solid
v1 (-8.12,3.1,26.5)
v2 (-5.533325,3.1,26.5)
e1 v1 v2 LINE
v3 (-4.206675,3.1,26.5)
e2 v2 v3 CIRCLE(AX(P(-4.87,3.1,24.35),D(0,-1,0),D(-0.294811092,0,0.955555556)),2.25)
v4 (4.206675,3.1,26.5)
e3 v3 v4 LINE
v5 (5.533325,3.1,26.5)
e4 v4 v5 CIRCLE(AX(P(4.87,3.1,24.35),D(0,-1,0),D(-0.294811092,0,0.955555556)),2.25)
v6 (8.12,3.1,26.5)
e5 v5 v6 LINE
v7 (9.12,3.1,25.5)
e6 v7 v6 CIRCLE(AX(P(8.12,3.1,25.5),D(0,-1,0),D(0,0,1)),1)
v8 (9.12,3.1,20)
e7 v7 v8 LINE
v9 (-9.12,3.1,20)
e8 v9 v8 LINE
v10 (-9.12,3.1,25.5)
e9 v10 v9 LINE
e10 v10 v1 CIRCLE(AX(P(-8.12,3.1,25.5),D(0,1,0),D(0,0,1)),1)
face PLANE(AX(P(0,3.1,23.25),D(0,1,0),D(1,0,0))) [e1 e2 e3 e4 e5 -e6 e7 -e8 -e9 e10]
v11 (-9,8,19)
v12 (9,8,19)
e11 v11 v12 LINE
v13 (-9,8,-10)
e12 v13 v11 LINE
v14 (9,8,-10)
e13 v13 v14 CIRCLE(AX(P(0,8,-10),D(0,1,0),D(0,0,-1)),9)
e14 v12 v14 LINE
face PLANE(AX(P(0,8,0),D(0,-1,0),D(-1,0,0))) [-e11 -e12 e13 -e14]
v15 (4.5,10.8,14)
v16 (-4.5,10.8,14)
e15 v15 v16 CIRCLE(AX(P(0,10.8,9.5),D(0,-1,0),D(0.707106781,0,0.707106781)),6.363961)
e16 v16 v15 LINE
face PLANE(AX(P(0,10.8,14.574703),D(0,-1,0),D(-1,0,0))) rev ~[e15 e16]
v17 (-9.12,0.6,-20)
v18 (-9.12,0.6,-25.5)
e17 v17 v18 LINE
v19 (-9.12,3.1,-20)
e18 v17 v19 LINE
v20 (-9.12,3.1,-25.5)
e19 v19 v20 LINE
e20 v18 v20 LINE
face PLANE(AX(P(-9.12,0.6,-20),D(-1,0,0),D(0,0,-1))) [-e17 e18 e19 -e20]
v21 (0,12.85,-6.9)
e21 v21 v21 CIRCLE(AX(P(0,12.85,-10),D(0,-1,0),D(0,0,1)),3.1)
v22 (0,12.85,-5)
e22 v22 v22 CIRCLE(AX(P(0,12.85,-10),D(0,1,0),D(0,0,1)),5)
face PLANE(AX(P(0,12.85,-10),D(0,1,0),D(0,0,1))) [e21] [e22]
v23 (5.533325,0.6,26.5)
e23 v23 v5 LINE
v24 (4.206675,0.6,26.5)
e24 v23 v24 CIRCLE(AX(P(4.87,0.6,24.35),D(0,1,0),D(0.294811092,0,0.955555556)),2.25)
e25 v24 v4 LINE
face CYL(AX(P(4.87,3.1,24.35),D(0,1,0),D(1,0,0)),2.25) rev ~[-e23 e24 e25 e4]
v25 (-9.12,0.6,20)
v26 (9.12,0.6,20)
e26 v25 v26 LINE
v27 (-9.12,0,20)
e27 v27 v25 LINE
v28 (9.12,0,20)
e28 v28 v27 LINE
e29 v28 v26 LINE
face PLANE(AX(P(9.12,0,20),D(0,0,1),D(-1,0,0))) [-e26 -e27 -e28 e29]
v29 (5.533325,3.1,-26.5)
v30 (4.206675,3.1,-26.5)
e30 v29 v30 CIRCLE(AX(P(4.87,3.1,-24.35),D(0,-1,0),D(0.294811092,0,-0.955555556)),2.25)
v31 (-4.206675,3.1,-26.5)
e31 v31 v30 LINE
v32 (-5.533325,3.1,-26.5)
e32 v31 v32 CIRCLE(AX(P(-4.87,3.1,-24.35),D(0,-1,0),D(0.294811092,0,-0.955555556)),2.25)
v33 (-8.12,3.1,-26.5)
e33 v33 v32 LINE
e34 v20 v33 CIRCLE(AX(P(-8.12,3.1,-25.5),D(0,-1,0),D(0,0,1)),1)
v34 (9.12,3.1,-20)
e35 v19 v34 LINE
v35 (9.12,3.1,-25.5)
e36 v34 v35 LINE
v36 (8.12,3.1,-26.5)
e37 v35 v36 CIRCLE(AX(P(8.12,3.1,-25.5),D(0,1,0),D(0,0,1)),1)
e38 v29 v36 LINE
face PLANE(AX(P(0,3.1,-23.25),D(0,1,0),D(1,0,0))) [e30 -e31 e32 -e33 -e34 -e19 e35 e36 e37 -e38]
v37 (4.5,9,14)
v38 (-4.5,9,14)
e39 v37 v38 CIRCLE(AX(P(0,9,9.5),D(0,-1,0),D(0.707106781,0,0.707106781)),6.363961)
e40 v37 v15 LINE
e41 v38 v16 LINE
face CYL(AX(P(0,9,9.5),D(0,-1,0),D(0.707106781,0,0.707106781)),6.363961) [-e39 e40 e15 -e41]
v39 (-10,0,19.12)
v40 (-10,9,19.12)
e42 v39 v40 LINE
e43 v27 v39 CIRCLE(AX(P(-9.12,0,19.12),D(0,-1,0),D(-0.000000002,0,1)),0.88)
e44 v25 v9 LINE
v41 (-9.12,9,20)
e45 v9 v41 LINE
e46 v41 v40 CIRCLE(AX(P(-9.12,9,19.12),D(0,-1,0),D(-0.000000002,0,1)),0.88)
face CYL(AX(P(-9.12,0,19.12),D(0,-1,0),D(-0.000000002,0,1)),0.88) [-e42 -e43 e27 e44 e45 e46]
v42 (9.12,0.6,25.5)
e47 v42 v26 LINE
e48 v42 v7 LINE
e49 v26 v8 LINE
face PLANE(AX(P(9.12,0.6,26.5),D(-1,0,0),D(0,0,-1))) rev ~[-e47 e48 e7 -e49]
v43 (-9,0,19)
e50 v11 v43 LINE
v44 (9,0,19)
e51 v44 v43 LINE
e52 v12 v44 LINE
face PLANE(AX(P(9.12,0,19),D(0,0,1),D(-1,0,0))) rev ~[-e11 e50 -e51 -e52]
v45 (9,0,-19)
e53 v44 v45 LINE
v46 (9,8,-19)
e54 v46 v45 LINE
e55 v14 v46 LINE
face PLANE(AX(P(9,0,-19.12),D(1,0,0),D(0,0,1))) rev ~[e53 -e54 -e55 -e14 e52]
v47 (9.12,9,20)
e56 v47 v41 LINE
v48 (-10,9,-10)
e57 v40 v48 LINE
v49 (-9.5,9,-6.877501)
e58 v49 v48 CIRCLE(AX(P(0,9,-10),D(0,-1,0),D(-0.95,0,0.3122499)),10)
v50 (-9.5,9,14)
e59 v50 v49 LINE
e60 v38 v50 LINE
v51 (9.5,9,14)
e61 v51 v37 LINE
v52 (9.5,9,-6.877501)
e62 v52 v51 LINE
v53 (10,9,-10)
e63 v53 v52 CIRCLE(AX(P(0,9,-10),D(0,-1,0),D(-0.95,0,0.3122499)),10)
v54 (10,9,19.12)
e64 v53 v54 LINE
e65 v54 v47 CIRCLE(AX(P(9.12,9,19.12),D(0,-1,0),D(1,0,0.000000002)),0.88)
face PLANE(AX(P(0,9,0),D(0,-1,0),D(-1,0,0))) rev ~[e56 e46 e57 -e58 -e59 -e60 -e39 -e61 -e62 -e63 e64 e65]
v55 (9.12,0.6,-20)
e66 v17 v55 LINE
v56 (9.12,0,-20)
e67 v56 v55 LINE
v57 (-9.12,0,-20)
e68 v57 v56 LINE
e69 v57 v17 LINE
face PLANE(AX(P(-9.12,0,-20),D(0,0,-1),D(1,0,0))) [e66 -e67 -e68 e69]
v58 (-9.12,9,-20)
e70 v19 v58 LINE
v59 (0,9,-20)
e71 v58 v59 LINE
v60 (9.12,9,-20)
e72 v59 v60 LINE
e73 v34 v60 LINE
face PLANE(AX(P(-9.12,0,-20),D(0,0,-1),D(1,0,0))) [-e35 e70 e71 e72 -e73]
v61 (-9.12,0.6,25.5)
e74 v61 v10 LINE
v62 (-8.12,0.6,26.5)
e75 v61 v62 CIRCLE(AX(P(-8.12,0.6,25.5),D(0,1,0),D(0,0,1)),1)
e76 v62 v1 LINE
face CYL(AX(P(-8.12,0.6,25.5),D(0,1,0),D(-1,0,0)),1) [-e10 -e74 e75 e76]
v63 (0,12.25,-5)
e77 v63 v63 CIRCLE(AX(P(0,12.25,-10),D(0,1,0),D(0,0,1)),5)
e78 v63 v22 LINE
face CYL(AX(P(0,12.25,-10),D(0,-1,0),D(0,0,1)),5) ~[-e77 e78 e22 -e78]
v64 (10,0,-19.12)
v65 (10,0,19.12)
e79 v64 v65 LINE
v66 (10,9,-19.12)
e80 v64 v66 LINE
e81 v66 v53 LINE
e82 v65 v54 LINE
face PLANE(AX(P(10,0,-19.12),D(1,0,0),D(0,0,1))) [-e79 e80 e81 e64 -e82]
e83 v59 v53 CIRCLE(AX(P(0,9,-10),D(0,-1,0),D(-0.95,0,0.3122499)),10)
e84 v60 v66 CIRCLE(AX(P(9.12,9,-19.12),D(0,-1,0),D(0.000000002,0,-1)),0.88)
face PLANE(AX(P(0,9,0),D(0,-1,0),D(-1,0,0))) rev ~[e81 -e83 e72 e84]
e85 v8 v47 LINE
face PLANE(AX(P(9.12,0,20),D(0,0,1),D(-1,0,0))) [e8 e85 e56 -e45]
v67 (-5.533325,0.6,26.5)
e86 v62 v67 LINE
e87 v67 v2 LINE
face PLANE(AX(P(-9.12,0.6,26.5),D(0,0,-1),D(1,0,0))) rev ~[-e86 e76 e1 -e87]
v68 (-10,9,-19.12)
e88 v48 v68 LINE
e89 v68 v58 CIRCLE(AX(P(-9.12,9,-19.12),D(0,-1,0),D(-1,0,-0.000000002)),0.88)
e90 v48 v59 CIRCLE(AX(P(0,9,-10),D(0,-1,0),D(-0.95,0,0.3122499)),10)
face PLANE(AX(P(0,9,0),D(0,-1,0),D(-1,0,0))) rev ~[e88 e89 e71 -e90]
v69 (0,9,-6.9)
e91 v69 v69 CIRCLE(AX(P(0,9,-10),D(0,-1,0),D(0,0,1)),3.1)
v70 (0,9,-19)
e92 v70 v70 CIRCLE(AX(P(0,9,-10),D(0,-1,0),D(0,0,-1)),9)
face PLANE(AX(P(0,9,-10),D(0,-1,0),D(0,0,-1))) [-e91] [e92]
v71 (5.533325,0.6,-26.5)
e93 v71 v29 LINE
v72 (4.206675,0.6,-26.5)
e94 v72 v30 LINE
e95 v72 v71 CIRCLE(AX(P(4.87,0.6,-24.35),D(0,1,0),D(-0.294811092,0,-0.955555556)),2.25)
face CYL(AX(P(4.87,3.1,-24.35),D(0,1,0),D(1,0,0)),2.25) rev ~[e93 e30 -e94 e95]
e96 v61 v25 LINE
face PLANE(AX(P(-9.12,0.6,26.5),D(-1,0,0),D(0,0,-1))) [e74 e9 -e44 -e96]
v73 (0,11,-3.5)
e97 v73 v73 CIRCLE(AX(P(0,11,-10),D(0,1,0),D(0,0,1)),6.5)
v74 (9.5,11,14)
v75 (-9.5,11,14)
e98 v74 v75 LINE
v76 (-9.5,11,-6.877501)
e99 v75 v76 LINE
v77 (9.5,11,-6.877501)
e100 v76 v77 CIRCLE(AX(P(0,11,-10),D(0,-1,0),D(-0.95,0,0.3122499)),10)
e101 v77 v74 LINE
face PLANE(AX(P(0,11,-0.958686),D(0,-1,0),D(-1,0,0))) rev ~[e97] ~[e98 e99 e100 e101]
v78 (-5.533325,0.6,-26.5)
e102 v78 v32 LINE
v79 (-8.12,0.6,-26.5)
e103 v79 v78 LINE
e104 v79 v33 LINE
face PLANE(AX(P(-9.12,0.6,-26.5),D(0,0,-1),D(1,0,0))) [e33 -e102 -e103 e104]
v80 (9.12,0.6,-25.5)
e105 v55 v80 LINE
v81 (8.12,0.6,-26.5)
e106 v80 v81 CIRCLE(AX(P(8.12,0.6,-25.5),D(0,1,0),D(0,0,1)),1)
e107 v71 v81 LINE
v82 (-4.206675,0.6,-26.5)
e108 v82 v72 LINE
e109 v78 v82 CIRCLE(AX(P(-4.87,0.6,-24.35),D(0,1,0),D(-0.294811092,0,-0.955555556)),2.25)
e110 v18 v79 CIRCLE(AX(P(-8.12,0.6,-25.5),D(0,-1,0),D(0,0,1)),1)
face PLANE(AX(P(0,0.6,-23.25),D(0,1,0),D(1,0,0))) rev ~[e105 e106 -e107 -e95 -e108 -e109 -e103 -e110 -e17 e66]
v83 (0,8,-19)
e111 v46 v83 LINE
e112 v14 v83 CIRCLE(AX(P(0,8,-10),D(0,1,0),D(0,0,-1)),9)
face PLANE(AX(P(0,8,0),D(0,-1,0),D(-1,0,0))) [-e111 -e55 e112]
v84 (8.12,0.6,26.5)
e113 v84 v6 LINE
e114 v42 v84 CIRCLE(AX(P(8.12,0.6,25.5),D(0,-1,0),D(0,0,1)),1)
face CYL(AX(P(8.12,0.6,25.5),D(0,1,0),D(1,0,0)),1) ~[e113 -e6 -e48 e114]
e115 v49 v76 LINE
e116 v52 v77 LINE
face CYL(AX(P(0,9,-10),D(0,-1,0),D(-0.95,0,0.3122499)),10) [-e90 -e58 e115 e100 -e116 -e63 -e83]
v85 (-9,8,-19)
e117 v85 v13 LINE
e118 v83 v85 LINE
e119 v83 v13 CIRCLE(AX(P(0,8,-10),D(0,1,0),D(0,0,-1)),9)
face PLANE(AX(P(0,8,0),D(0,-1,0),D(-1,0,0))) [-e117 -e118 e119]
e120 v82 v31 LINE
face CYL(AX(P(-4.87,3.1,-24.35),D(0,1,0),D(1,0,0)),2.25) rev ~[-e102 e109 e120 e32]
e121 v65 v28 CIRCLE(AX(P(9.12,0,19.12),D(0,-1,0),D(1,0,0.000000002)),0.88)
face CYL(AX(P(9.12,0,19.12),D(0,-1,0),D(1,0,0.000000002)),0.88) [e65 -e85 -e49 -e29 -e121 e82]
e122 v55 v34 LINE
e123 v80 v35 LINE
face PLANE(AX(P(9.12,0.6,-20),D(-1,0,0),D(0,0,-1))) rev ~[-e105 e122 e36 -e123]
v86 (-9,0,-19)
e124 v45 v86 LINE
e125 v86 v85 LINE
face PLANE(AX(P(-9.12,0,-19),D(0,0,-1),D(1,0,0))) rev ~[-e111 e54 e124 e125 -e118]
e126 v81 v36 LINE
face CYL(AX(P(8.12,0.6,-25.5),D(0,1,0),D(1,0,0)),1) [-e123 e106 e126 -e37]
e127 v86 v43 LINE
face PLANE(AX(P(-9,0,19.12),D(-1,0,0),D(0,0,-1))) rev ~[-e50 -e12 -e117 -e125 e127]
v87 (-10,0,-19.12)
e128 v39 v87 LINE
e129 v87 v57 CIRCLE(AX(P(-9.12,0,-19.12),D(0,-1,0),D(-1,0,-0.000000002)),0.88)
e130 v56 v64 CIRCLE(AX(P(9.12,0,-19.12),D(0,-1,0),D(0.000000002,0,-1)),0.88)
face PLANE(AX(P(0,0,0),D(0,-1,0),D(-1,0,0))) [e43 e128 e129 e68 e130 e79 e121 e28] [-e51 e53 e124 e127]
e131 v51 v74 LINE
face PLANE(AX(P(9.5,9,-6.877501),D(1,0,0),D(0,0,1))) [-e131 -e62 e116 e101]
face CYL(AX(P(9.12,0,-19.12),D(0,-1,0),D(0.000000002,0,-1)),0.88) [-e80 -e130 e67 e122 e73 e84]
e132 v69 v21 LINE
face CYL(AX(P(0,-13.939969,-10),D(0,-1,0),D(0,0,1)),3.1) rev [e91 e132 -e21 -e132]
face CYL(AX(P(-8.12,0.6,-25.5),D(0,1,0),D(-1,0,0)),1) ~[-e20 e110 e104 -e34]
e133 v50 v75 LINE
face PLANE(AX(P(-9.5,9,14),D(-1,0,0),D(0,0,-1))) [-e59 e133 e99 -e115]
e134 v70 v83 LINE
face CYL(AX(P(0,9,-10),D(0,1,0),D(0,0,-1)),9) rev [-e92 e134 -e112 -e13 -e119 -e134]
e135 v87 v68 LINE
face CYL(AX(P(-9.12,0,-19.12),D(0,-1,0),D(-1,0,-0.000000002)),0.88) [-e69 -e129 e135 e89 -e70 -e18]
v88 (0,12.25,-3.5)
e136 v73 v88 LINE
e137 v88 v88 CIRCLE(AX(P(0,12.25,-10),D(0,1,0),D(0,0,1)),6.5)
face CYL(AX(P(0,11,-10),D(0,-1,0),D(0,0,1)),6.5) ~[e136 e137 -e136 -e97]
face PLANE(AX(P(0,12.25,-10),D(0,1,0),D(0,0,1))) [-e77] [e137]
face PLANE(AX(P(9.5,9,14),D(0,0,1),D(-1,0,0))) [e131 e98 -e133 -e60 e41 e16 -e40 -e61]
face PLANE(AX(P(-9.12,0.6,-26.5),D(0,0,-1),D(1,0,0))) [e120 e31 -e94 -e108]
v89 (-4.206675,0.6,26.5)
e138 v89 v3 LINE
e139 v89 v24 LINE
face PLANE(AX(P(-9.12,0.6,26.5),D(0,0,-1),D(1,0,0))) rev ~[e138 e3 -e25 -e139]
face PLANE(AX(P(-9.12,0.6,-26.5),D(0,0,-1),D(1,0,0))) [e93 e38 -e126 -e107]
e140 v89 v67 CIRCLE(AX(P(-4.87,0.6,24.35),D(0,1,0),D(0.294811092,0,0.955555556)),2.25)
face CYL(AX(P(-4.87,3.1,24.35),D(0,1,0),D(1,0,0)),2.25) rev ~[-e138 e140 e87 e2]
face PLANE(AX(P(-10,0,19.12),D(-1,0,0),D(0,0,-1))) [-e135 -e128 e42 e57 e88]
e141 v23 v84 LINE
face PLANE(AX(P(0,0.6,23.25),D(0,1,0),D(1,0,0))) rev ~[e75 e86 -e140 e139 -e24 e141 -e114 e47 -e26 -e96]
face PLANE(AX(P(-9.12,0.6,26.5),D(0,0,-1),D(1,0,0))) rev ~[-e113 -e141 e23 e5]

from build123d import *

# Parameters (mm, degrees)
BOSS_EXTRUDE1_DEPTH     = 9
SHELL1_T                = -1
BOSS_EXTRUDE2_DEPTH     = 2
SKETCH3_R               = 6.5
BOSS_EXTRUDE3_DEPTH     = 1.25
SKETCH4_R               = 5
BOSS_EXTRUDE4_DEPTH     = 0.6
CUT_EXTRUDE1_DEPTH      = 26.78996898
CUT_EXTRUDE1_DEPTH_BACK = 26.78996898
SKETCH5_R               = 3.1
BOSS_EXTRUDE5_DEPTH     = 1.8
SKETCH7_W               = 18.24
SKETCH7_H               = 6.5
BOSS_EXTRUDE6_DEPTH     = 2.5
CUT_EXTRUDE2_REACH      = 31.955
SKETCH8_R               = 2.25
FILLET2_R               = 1
CUT_EXTRUDE3_DEPTH      = 30.432125306
CUT_EXTRUDE3_DEPTH_BACK = 1
SKETCH9_R               = 9


with BuildPart() as part:
    # Sketch1 → Boss-Extrude1 (new body)
    with BuildSketch(Plane(origin=(0, 0, 0), x_dir=(1, 0, 0), z_dir=(0, 1, 0))):
        with BuildLine():
            Line((-9.12, 20), (9.12, 20))
            ThreePointArc((9.12, 20), (9.742253967, 19.742253967), (10, 19.12))
            Line((10, 19.12), (10, -19.12))
            ThreePointArc((10, -19.12), (9.742253967, -19.742253967), (9.12, -20))
            Line((9.12, -20), (-9.12, -20))
            ThreePointArc((-9.12, -20), (-9.742253967, -19.742253967), (-10, -19.12))
            Line((-10, -19.12), (-10, 19.12))
            ThreePointArc((-10, 19.12), (-9.742253967, 19.742253967), (-9.12, 20))
        make_face()
    extrude(amount=BOSS_EXTRUDE1_DEPTH)

    # Shell1
    shell1_openings = [part.faces().sort_by_distance(p)[0] for p in [
        (0, 0, 0),
    ]]
    offset(amount=SHELL1_T, openings=shell1_openings, kind=Kind.INTERSECTION)

    # Sketch2 → Boss-Extrude2 (add)
    with BuildSketch(Plane(origin=(0, 9, 0), x_dir=(1, 0, 0), z_dir=(0, 1, 0))):
        with BuildLine():
            Line((9.5, -14), (-9.5, -14))
            Line((-9.5, -14), (-9.5, 6.877501001))
            ThreePointArc((-9.5, 6.877501001), (0, 20), (9.5, 6.877501001))
            Line((9.5, 6.877501001), (9.5, -14))
        make_face()
    extrude(amount=BOSS_EXTRUDE2_DEPTH)

    # Sketch3 → Boss-Extrude3 (add)
    with BuildSketch(Plane(origin=(0, 11, 0), x_dir=(1, 0, 0), z_dir=(0, 1, 0))):
        with Locations(Location((0, 10, 0), (0, 0, 270))):
            Circle(SKETCH3_R)
    extrude(amount=BOSS_EXTRUDE3_DEPTH)

    # Sketch4 → Boss-Extrude4 (add)
    with BuildSketch(Plane(origin=(0, 12.25, 0), x_dir=(1, 0, 0), z_dir=(0, 1, 0))):
        with Locations(Location((0, 10, 0), (0, 0, 270))):
            Circle(SKETCH4_R)
    extrude(amount=BOSS_EXTRUDE4_DEPTH)

    # Sketch5 → Cut-Extrude1 (cut, two sides: drawn at the far end of the back side and taken through both)
    with BuildSketch(Plane(origin=(0, 12.85, 0), x_dir=(1, 0, 0), z_dir=(0, 1, 0)).offset(-CUT_EXTRUDE1_DEPTH_BACK)):
        with Locations(Location((0, 10, 0), (0, 0, 270))):
            Circle(SKETCH5_R)
    extrude(amount=CUT_EXTRUDE1_DEPTH + CUT_EXTRUDE1_DEPTH_BACK, mode=Mode.SUBTRACT)

    # Sketch6 → Boss-Extrude5 (add)
    with BuildSketch(Plane(origin=(0, 9, 0), x_dir=(1, 0, 0), z_dir=(0, 1, 0))):
        with BuildLine():
            Line((-4.5, -14), (4.5, -14))
            ThreePointArc((4.5, -14), (0, -15.863961031), (-4.5, -14))
        make_face()
    extrude(amount=BOSS_EXTRUDE5_DEPTH)

    # Sketch7 → Boss-Extrude6 (add)
    with BuildSketch(Plane(origin=(0, 0.6, 0), x_dir=(1, 0, 0), z_dir=(0, 1, 0))):
        with Locations((0, 23.25)):
            Rectangle(SKETCH7_W, SKETCH7_H)
        with Locations((0, -23.25)):
            Rectangle(SKETCH7_W, SKETCH7_H)
    extrude(amount=BOSS_EXTRUDE6_DEPTH)

    # Sketch8 → Cut-Extrude2 (cut, up to next)
    with BuildSketch(Plane(origin=(0, 3.1, 0), x_dir=(1, 0, 0), z_dir=(0, 1, 0)), mode=Mode.PRIVATE) as cut_extrude2_sk1:
        with Locations((-4.87, 24.35)):
            Circle(SKETCH8_R)
    cut_extrude2_tool1 = extrude(cut_extrude2_sk1.sketch, amount=-CUT_EXTRUDE2_REACH, mode=Mode.PRIVATE) & part.part
    # Sketch8 → Cut-Extrude2 (cut, up to next)
    with BuildSketch(Plane(origin=(0, 3.1, 0), x_dir=(1, 0, 0), z_dir=(0, 1, 0)), mode=Mode.PRIVATE) as cut_extrude2_sk2:
        with Locations((4.87, 24.35)):
            Circle(SKETCH8_R)
    cut_extrude2_tool2 = extrude(cut_extrude2_sk2.sketch, amount=-CUT_EXTRUDE2_REACH, mode=Mode.PRIVATE) & part.part
    # Sketch8 → Cut-Extrude2 (cut, up to next)
    with BuildSketch(Plane(origin=(0, 3.1, 0), x_dir=(1, 0, 0), z_dir=(0, 1, 0)), mode=Mode.PRIVATE) as cut_extrude2_sk3:
        with Locations((-4.87, -24.35)):
            Circle(SKETCH8_R)
    cut_extrude2_tool3 = extrude(cut_extrude2_sk3.sketch, amount=-CUT_EXTRUDE2_REACH, mode=Mode.PRIVATE) & part.part
    # Sketch8 → Cut-Extrude2 (cut, up to next)
    with BuildSketch(Plane(origin=(0, 3.1, 0), x_dir=(1, 0, 0), z_dir=(0, 1, 0)), mode=Mode.PRIVATE) as cut_extrude2_sk4:
        with Locations((4.87, -24.35)):
            Circle(SKETCH8_R)
    cut_extrude2_tool4 = extrude(cut_extrude2_sk4.sketch, amount=-CUT_EXTRUDE2_REACH, mode=Mode.PRIVATE) & part.part
    add(cut_extrude2_tool1.solids().sort_by_distance((-4.87, 3.1, -24.35))[0], mode=Mode.SUBTRACT)
    add(cut_extrude2_tool2.solids().sort_by_distance((4.87, 3.1, -24.35))[0], mode=Mode.SUBTRACT)
    add(cut_extrude2_tool3.solids().sort_by_distance((-4.87, 3.1, 24.35))[0], mode=Mode.SUBTRACT)
    add(cut_extrude2_tool4.solids().sort_by_distance((4.87, 3.1, 24.35))[0], mode=Mode.SUBTRACT)

    # Fillet2
    fillet2_edges = [part.edges().sort_by_distance(p)[0] for p in [
        (9.12, 1.85, -26.5),
        (-9.12, 1.85, -26.5),
        (-9.12, 1.85, 26.5),
        (9.12, 1.85, 26.5),
    ]]
    fillet(fillet2_edges, radius=FILLET2_R)

    # Sketch9 → Cut-Extrude3 (cut, two sides: drawn at the far end of the back side and taken through both)
    with BuildSketch(Plane.XZ.offset(-8).offset(-CUT_EXTRUDE3_DEPTH_BACK)):
        with Locations(Location((0, -10, 0), (0, 0, 270))):
            Circle(SKETCH9_R)
    extrude(amount=CUT_EXTRUDE3_DEPTH + CUT_EXTRUDE3_DEPTH_BACK, mode=Mode.SUBTRACT)


solid = part.part
